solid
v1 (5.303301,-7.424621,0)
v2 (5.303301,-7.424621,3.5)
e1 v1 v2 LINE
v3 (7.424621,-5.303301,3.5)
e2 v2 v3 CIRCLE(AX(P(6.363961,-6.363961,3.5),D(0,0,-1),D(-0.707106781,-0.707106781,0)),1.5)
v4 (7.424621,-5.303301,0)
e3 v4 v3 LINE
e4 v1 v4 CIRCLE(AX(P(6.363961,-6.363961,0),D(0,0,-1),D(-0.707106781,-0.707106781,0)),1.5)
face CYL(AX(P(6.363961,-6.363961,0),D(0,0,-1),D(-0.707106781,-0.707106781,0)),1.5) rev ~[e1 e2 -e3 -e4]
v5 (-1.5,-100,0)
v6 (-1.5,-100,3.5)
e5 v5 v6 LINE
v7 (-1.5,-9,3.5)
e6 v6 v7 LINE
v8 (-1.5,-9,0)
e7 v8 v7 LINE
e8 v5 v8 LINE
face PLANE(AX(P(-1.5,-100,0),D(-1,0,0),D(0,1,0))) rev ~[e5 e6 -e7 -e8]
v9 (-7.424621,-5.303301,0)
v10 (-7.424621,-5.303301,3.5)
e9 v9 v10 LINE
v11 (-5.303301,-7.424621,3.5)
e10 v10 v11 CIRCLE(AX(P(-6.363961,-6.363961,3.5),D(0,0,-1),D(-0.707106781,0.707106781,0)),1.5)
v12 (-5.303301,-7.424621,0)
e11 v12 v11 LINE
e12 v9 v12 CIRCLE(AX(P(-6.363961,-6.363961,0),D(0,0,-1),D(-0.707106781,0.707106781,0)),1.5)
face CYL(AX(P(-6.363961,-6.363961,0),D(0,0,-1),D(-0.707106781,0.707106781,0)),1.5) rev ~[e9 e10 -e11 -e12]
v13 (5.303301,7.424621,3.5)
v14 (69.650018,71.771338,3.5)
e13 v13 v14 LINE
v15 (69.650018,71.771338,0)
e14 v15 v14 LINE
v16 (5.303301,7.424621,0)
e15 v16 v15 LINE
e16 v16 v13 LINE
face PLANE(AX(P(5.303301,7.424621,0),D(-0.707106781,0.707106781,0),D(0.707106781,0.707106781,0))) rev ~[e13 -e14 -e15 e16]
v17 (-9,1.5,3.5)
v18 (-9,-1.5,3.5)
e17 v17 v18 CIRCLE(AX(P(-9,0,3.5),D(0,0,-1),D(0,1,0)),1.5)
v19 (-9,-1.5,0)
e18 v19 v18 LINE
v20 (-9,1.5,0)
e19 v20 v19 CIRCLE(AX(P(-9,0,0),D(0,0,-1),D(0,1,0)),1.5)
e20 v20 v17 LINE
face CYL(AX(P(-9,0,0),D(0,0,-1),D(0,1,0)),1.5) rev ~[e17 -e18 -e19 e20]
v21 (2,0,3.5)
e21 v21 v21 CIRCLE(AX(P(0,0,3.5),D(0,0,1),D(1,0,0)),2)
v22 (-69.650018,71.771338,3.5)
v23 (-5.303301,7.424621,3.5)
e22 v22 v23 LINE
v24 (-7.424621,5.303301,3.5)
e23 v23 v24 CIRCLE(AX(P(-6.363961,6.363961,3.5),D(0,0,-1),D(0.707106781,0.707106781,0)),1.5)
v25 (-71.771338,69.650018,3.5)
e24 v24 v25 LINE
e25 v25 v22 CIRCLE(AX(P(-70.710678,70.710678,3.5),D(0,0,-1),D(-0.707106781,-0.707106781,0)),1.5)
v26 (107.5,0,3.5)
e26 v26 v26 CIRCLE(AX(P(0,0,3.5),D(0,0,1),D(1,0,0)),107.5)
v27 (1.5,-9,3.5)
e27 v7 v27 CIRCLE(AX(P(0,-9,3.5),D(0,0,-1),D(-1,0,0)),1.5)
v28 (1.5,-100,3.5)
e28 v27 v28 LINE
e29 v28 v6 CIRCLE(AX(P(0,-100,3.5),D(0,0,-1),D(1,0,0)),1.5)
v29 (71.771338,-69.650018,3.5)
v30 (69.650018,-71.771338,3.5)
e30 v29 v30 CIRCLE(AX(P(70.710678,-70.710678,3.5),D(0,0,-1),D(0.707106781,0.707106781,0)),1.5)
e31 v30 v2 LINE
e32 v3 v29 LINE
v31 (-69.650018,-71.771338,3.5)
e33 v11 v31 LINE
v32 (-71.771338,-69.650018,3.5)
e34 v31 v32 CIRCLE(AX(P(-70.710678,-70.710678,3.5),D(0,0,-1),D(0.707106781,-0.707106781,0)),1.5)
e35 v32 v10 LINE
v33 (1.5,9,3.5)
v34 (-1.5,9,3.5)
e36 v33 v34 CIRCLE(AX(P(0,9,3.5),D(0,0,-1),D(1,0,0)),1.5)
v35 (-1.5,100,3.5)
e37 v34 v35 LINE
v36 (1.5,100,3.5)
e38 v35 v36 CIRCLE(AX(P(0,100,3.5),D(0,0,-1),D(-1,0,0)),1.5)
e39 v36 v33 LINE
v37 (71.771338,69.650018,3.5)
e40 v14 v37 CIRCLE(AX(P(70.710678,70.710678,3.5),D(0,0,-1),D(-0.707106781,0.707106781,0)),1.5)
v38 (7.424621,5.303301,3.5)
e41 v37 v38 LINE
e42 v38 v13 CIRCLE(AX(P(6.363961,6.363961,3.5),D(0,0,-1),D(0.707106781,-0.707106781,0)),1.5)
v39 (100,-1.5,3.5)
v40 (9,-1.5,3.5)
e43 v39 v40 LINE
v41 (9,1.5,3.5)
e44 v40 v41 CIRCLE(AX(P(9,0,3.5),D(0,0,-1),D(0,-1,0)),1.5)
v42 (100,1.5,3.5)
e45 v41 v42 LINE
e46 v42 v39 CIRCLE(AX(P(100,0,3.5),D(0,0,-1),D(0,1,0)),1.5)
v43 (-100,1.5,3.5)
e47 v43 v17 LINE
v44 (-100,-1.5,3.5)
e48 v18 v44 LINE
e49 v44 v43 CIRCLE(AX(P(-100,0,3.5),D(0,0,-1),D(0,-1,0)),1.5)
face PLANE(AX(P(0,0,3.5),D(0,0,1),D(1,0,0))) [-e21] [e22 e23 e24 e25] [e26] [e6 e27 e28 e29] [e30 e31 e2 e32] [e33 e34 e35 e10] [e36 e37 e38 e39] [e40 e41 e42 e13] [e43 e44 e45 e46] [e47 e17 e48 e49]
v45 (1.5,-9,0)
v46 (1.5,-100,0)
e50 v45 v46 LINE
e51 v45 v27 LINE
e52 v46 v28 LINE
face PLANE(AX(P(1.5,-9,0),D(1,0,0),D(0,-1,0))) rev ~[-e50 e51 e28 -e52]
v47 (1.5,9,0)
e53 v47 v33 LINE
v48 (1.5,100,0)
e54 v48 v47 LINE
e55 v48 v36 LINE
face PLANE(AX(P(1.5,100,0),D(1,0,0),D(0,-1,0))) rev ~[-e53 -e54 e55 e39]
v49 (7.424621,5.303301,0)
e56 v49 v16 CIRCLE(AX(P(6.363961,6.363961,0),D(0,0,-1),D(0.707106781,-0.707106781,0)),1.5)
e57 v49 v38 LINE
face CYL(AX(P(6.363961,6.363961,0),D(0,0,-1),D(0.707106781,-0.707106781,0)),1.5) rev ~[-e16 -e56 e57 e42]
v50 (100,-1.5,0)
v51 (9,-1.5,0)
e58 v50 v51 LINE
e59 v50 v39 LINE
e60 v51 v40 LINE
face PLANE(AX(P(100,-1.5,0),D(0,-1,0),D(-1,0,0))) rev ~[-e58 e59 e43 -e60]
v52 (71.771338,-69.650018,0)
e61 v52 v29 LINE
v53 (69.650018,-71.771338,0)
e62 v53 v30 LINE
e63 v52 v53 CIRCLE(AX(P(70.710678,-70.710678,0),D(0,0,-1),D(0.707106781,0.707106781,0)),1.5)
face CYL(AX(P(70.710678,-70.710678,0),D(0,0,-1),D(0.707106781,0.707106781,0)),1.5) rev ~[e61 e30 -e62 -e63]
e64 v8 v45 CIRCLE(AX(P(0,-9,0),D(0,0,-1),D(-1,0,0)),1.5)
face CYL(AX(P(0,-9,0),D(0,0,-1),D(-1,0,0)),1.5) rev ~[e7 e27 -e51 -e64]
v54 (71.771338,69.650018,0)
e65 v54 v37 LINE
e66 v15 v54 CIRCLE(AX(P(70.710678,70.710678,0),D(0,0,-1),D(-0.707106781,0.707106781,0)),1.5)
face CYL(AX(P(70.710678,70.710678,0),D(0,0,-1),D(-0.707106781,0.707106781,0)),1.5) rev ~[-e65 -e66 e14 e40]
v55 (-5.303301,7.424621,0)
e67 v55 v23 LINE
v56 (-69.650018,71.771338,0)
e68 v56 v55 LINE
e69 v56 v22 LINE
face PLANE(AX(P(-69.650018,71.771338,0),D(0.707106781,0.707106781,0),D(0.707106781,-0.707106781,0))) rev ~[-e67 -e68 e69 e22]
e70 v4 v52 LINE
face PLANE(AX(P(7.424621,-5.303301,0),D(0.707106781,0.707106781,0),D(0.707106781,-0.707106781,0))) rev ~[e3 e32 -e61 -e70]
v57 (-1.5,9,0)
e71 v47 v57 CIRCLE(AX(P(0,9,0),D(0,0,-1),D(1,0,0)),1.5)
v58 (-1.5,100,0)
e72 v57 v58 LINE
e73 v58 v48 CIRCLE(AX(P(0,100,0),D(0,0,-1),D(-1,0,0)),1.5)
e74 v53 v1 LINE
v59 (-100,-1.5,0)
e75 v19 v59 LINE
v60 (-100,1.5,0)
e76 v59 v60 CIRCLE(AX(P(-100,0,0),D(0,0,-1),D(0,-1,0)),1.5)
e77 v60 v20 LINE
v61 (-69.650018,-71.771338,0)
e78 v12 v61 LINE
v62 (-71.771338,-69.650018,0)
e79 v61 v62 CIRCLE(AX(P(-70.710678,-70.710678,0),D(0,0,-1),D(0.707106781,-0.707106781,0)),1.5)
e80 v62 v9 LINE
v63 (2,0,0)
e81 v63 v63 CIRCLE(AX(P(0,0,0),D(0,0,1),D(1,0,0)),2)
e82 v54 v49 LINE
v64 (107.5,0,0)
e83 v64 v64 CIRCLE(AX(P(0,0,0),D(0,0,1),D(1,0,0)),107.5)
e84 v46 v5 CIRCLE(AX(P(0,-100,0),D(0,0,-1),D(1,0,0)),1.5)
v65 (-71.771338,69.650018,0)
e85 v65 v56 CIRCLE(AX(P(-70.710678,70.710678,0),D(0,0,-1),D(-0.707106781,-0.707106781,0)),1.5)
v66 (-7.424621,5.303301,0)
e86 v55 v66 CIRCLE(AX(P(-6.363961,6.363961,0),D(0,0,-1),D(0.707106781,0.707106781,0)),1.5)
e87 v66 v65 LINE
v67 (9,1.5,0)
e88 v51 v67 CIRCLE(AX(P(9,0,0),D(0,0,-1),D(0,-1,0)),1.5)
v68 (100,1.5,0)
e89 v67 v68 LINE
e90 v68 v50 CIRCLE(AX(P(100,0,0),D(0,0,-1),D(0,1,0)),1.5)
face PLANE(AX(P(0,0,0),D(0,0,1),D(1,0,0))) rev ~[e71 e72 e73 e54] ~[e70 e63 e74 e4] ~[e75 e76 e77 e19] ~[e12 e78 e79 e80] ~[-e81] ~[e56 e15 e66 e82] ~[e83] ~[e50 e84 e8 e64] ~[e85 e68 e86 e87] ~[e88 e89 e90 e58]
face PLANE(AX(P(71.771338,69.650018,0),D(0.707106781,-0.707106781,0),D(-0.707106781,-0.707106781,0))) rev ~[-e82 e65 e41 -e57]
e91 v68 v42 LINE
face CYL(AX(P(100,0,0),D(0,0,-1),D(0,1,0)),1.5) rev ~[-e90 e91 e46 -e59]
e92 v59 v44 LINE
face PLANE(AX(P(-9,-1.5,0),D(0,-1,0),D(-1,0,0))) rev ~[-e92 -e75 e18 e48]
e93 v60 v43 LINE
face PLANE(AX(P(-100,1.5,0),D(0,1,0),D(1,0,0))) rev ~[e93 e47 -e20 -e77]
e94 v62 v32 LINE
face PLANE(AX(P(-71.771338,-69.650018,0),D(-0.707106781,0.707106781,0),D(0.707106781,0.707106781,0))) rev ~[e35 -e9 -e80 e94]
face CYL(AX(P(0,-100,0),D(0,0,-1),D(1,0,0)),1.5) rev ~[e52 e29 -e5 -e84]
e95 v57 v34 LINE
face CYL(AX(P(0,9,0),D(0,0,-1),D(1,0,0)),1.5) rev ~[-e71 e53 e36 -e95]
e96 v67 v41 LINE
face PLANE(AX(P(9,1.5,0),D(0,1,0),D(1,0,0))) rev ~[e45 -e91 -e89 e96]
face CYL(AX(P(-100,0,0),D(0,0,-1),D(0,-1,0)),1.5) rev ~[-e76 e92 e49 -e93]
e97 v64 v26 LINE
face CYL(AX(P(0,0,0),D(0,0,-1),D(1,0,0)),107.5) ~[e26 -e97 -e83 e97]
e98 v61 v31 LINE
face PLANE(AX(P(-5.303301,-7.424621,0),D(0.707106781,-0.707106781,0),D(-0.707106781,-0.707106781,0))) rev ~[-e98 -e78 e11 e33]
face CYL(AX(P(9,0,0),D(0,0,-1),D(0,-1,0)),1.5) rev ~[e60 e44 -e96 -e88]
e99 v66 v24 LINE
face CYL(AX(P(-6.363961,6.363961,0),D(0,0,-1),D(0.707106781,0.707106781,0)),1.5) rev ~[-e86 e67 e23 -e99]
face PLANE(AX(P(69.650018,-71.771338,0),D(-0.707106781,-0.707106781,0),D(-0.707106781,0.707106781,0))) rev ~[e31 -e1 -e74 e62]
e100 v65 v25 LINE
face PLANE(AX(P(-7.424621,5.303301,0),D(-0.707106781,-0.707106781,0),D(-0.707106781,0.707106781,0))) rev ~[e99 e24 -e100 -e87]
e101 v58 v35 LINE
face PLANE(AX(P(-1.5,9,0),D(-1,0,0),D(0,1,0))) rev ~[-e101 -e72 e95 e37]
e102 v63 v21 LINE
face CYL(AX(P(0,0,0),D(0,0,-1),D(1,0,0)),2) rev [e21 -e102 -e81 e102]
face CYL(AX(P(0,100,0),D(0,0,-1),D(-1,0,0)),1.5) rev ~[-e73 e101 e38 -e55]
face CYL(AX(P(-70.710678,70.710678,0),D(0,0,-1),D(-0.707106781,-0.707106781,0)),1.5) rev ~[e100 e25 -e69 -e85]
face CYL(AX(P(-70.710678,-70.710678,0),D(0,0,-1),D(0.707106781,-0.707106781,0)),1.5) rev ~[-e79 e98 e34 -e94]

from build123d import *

# Parameters (mm, degrees)
SKETCH1_R           = 107.5
SKETCH1_R_2         = 2
BOSS_EXTRUDE1_DEPTH = 3.5


with BuildPart() as part:
    # Sketch1 → Boss-Extrude1 (new body)
    with BuildSketch(Plane.XY):
        Circle(SKETCH1_R)
        Circle(SKETCH1_R_2, mode=Mode.SUBTRACT)
        with BuildLine():
            Line((9, 1.5), (100, 1.5))
            ThreePointArc((100, 1.5), (101.5, 0), (100, -1.5))
            Line((100, -1.5), (9, -1.5))
            ThreePointArc((9, -1.5), (7.5, 0), (9, 1.5))
        make_face(mode=Mode.SUBTRACT)
        with BuildLine():
            Line((7.424621202, -5.303300859), (71.77133829, -69.650017947))
            ThreePointArc((71.77133829, -69.650017947), (71.77133829, -71.77133829), (69.650017947, -71.77133829))
            Line((69.650017947, -71.77133829), (5.303300859, -7.424621202))
            ThreePointArc((5.303300859, -7.424621202), (5.303300859, -5.303300859), (7.424621202, -5.303300859))
        make_face(mode=Mode.SUBTRACT)
        with BuildLine():
            Line((1.5, -9), (1.5, -100))
            ThreePointArc((1.5, -100), (0, -101.5), (-1.5, -100))
            Line((-1.5, -100), (-1.5, -9))
            ThreePointArc((-1.5, -9), (0, -7.5), (1.5, -9))
        make_face(mode=Mode.SUBTRACT)
        with BuildLine():
            Line((-5.303300859, -7.424621202), (-69.650017947, -71.77133829))
            ThreePointArc((-69.650017947, -71.77133829), (-71.77133829, -71.77133829), (-71.77133829, -69.650017947))
            Line((-71.77133829, -69.650017947), (-7.424621202, -5.303300859))
            ThreePointArc((-7.424621202, -5.303300859), (-5.303300859, -5.303300859), (-5.303300859, -7.424621202))
        make_face(mode=Mode.SUBTRACT)
        with BuildLine():
            Line((-9, -1.5), (-100, -1.5))
            ThreePointArc((-100, -1.5), (-101.5, 0), (-100, 1.5))
            Line((-100, 1.5), (-9, 1.5))
            ThreePointArc((-9, 1.5), (-7.5, 0), (-9, -1.5))
        make_face(mode=Mode.SUBTRACT)
        with BuildLine():
            Line((-7.424621202, 5.303300859), (-71.77133829, 69.650017947))
            ThreePointArc((-71.77133829, 69.650017947), (-71.77133829, 71.77133829), (-69.650017947, 71.77133829))
            Line((-69.650017947, 71.77133829), (-5.303300859, 7.424621202))
            ThreePointArc((-5.303300859, 7.424621202), (-5.303300859, 5.303300859), (-7.424621202, 5.303300859))
        make_face(mode=Mode.SUBTRACT)
        with BuildLine():
            Line((-1.5, 9), (-1.5, 100))
            ThreePointArc((-1.5, 100), (0, 101.5), (1.5, 100))
            Line((1.5, 100), (1.5, 9))
            ThreePointArc((1.5, 9), (0, 7.5), (-1.5, 9))
        make_face(mode=Mode.SUBTRACT)
        with BuildLine():
            Line((5.303300859, 7.424621202), (69.650017947, 71.77133829))
            ThreePointArc((69.650017947, 71.77133829), (71.77133829, 71.77133829), (71.77133829, 69.650017947))
            Line((71.77133829, 69.650017947), (7.424621202, 5.303300859))
            ThreePointArc((7.424621202, 5.303300859), (5.303300859, 5.303300859), (5.303300859, 7.424621202))
        make_face(mode=Mode.SUBTRACT)
    extrude(amount=BOSS_EXTRUDE1_DEPTH)


solid = part.part
